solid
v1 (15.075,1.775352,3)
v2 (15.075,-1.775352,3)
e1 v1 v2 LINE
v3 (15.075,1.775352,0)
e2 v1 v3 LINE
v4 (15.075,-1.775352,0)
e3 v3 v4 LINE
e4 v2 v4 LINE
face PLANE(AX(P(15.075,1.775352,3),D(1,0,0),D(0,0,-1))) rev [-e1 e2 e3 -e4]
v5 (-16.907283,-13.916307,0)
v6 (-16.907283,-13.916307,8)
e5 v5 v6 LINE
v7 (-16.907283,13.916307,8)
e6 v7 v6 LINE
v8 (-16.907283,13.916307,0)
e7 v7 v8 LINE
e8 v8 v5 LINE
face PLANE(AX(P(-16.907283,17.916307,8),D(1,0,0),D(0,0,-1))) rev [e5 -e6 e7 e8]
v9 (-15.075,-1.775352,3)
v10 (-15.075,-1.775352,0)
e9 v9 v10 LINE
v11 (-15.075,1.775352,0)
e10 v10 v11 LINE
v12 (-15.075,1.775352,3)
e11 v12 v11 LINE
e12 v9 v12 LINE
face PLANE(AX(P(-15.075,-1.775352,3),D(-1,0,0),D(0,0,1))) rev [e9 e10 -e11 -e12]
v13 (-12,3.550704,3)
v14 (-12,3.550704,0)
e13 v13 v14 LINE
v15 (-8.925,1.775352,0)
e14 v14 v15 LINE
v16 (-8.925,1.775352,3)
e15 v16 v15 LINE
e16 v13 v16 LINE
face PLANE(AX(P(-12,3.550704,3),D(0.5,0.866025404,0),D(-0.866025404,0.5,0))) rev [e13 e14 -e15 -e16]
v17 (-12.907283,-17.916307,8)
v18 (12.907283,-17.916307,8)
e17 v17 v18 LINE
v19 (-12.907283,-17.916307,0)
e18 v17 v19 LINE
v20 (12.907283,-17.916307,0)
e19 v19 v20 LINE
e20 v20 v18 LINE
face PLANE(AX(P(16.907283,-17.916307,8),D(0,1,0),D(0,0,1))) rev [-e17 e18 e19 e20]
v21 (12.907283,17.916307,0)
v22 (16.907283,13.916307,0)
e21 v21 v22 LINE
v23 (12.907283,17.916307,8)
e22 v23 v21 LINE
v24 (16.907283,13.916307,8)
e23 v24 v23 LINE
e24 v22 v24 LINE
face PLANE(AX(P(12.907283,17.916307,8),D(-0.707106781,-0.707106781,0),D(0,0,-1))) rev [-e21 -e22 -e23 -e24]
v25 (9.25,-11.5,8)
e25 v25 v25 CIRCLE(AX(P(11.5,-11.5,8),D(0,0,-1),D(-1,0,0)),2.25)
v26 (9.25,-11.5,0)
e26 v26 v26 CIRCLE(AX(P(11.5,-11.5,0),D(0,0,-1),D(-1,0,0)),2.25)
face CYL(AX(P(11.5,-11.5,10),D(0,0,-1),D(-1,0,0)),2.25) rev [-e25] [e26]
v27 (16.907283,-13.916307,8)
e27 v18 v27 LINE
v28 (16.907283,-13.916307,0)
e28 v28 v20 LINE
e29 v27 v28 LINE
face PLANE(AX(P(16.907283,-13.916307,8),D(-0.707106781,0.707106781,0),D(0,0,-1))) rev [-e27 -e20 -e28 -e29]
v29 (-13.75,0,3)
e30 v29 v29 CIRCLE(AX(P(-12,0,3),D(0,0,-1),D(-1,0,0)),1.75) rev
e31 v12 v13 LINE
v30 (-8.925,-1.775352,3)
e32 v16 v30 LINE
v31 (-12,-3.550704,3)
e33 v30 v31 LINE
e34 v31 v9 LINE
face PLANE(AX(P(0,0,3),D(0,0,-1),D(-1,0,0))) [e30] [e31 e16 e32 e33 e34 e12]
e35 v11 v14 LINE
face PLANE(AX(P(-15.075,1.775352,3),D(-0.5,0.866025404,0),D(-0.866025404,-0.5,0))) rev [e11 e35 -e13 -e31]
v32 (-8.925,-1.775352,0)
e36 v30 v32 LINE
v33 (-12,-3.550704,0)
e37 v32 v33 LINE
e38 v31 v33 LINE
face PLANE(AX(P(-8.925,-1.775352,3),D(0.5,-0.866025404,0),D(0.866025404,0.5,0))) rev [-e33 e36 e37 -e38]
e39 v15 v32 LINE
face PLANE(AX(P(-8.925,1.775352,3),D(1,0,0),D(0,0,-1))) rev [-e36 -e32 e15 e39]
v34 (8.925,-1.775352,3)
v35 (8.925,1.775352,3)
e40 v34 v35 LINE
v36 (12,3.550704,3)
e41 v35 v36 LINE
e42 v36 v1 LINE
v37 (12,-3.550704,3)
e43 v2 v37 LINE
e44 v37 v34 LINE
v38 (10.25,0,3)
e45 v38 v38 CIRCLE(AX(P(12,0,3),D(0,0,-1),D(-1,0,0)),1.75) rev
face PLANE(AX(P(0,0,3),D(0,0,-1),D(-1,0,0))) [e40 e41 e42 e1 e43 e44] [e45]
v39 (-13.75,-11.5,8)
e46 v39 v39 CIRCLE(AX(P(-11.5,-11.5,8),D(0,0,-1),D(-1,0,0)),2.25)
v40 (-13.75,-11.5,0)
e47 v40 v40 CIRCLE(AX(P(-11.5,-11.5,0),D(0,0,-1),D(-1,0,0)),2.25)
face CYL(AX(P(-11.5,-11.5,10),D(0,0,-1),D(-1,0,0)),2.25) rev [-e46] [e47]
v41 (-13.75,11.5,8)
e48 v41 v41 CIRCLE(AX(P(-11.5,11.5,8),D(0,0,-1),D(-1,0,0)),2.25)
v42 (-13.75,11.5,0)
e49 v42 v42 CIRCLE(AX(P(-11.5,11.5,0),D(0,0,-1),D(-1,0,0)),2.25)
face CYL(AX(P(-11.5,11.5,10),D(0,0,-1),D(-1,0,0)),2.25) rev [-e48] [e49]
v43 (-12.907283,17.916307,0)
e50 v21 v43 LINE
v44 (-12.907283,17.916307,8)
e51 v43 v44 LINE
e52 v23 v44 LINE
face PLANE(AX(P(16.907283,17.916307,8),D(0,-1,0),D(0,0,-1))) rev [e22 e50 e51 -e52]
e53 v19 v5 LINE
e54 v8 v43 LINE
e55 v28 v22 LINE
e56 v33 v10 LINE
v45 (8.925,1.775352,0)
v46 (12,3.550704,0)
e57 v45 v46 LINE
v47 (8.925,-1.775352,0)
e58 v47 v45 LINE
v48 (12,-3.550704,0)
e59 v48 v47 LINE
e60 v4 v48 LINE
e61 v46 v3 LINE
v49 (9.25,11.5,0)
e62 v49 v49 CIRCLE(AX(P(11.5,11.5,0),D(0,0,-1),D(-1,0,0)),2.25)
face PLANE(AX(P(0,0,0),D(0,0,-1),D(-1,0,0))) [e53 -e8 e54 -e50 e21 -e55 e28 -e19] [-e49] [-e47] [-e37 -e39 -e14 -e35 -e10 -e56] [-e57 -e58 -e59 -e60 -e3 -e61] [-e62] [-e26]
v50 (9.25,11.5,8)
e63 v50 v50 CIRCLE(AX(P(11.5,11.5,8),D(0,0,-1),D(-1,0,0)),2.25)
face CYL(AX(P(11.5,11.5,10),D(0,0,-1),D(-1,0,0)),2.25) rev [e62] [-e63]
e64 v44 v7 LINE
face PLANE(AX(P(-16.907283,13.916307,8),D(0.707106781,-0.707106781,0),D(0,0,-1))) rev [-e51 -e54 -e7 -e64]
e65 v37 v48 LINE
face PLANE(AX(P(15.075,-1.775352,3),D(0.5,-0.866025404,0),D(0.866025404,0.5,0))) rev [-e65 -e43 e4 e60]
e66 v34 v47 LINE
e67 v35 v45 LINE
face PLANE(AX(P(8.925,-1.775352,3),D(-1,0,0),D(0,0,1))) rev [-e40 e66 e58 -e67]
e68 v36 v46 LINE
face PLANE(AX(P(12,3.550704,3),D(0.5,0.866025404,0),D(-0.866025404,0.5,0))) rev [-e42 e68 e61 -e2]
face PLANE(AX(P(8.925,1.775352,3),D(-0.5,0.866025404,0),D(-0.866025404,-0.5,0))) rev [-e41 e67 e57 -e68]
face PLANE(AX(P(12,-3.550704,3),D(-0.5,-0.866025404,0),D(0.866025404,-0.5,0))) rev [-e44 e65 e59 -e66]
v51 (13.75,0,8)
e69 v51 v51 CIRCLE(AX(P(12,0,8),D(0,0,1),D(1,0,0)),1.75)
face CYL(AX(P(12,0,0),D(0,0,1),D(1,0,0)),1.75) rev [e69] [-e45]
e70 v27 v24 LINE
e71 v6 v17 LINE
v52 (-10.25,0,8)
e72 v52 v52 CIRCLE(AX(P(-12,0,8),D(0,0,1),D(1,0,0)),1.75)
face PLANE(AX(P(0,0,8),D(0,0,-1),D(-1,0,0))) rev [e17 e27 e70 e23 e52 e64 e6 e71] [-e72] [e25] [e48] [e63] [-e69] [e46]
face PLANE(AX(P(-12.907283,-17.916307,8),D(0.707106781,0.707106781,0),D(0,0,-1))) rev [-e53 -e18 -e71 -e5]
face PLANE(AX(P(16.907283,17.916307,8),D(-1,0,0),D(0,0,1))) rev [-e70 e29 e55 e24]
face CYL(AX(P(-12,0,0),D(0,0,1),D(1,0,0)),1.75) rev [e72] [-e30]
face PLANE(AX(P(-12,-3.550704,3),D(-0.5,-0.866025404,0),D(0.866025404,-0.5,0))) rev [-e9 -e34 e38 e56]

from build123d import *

# Parameters (mm, degrees)
SKETCH1_W           = 33.814565048
SKETCH1_H           = 35.83261461
BOSS_EXTRUDE1_DEPTH = 8
SKETCH2_R           = 1.75
CUT_EXTRUDE1_DEPTH  = 8
SKETCH3_R           = 2.25
CUT_EXTRUDE2_DEPTH  = 10
CHAMFER1_SIZE       = 4
CUT_EXTRUDE3_DEPTH  = 3


with BuildPart() as part:
    # Sketch1 → Boss-Extrude1 (new body)
    with BuildSketch(Plane.XY):
        Rectangle(SKETCH1_W, SKETCH1_H)
    extrude(amount=BOSS_EXTRUDE1_DEPTH)

    # Sketch2 → Cut-Extrude1 (cut)
    with BuildSketch(Plane.XY.offset(8)):
        with Locations((-12, 0)):
            Circle(SKETCH2_R)
        with Locations((12, 0)):
            Circle(SKETCH2_R)
    extrude(amount=-CUT_EXTRUDE1_DEPTH, mode=Mode.SUBTRACT)

    # Sketch3 → Cut-Extrude2 (cut)
    with BuildSketch(Plane(origin=(0, 0, 0), x_dir=(-1, 0, 0), z_dir=(0, 0, -1))):
        with Locations((11.5, -11.5)):
            Circle(SKETCH3_R)
        with Locations((-11.5, -11.5)):
            Circle(SKETCH3_R)
        with Locations((-11.5, 11.5)):
            Circle(SKETCH3_R)
        with Locations((11.5, 11.5)):
            Circle(SKETCH3_R)
    extrude(amount=-CUT_EXTRUDE2_DEPTH, mode=Mode.SUBTRACT)

    # Chamfer1
    chamfer1_edges = [part.edges().sort_by_distance(p)[0] for p in [
        (-16.907282524, 17.916307305, 4),
        (16.907282524, 17.916307305, 4),
        (16.907282524, -17.916307305, 4),
        (-16.907282524, -17.916307305, 4),
    ]]
    chamfer(chamfer1_edges, length=CHAMFER1_SIZE)

    # Sketch4 → Cut-Extrude3 (cut)
    with BuildSketch(Plane(origin=(0, 0, 0), x_dir=(-1, 0, 0), z_dir=(0, 0, -1))):
        Polygon((-12, -3.550704156), (-8.925, -1.775352078), (-8.925, 1.775352078), (-12, 3.550704156), (-15.075, 1.775352078), (-15.075, -1.775352078), align=None)
        Polygon((12, -3.550704156), (15.075, -1.775352078), (15.075, 1.775352078), (12, 3.550704156), (8.925, 1.775352078), (8.925, -1.775352078), align=None)
    extrude(amount=-CUT_EXTRUDE3_DEPTH, mode=Mode.SUBTRACT)


solid = part.part
